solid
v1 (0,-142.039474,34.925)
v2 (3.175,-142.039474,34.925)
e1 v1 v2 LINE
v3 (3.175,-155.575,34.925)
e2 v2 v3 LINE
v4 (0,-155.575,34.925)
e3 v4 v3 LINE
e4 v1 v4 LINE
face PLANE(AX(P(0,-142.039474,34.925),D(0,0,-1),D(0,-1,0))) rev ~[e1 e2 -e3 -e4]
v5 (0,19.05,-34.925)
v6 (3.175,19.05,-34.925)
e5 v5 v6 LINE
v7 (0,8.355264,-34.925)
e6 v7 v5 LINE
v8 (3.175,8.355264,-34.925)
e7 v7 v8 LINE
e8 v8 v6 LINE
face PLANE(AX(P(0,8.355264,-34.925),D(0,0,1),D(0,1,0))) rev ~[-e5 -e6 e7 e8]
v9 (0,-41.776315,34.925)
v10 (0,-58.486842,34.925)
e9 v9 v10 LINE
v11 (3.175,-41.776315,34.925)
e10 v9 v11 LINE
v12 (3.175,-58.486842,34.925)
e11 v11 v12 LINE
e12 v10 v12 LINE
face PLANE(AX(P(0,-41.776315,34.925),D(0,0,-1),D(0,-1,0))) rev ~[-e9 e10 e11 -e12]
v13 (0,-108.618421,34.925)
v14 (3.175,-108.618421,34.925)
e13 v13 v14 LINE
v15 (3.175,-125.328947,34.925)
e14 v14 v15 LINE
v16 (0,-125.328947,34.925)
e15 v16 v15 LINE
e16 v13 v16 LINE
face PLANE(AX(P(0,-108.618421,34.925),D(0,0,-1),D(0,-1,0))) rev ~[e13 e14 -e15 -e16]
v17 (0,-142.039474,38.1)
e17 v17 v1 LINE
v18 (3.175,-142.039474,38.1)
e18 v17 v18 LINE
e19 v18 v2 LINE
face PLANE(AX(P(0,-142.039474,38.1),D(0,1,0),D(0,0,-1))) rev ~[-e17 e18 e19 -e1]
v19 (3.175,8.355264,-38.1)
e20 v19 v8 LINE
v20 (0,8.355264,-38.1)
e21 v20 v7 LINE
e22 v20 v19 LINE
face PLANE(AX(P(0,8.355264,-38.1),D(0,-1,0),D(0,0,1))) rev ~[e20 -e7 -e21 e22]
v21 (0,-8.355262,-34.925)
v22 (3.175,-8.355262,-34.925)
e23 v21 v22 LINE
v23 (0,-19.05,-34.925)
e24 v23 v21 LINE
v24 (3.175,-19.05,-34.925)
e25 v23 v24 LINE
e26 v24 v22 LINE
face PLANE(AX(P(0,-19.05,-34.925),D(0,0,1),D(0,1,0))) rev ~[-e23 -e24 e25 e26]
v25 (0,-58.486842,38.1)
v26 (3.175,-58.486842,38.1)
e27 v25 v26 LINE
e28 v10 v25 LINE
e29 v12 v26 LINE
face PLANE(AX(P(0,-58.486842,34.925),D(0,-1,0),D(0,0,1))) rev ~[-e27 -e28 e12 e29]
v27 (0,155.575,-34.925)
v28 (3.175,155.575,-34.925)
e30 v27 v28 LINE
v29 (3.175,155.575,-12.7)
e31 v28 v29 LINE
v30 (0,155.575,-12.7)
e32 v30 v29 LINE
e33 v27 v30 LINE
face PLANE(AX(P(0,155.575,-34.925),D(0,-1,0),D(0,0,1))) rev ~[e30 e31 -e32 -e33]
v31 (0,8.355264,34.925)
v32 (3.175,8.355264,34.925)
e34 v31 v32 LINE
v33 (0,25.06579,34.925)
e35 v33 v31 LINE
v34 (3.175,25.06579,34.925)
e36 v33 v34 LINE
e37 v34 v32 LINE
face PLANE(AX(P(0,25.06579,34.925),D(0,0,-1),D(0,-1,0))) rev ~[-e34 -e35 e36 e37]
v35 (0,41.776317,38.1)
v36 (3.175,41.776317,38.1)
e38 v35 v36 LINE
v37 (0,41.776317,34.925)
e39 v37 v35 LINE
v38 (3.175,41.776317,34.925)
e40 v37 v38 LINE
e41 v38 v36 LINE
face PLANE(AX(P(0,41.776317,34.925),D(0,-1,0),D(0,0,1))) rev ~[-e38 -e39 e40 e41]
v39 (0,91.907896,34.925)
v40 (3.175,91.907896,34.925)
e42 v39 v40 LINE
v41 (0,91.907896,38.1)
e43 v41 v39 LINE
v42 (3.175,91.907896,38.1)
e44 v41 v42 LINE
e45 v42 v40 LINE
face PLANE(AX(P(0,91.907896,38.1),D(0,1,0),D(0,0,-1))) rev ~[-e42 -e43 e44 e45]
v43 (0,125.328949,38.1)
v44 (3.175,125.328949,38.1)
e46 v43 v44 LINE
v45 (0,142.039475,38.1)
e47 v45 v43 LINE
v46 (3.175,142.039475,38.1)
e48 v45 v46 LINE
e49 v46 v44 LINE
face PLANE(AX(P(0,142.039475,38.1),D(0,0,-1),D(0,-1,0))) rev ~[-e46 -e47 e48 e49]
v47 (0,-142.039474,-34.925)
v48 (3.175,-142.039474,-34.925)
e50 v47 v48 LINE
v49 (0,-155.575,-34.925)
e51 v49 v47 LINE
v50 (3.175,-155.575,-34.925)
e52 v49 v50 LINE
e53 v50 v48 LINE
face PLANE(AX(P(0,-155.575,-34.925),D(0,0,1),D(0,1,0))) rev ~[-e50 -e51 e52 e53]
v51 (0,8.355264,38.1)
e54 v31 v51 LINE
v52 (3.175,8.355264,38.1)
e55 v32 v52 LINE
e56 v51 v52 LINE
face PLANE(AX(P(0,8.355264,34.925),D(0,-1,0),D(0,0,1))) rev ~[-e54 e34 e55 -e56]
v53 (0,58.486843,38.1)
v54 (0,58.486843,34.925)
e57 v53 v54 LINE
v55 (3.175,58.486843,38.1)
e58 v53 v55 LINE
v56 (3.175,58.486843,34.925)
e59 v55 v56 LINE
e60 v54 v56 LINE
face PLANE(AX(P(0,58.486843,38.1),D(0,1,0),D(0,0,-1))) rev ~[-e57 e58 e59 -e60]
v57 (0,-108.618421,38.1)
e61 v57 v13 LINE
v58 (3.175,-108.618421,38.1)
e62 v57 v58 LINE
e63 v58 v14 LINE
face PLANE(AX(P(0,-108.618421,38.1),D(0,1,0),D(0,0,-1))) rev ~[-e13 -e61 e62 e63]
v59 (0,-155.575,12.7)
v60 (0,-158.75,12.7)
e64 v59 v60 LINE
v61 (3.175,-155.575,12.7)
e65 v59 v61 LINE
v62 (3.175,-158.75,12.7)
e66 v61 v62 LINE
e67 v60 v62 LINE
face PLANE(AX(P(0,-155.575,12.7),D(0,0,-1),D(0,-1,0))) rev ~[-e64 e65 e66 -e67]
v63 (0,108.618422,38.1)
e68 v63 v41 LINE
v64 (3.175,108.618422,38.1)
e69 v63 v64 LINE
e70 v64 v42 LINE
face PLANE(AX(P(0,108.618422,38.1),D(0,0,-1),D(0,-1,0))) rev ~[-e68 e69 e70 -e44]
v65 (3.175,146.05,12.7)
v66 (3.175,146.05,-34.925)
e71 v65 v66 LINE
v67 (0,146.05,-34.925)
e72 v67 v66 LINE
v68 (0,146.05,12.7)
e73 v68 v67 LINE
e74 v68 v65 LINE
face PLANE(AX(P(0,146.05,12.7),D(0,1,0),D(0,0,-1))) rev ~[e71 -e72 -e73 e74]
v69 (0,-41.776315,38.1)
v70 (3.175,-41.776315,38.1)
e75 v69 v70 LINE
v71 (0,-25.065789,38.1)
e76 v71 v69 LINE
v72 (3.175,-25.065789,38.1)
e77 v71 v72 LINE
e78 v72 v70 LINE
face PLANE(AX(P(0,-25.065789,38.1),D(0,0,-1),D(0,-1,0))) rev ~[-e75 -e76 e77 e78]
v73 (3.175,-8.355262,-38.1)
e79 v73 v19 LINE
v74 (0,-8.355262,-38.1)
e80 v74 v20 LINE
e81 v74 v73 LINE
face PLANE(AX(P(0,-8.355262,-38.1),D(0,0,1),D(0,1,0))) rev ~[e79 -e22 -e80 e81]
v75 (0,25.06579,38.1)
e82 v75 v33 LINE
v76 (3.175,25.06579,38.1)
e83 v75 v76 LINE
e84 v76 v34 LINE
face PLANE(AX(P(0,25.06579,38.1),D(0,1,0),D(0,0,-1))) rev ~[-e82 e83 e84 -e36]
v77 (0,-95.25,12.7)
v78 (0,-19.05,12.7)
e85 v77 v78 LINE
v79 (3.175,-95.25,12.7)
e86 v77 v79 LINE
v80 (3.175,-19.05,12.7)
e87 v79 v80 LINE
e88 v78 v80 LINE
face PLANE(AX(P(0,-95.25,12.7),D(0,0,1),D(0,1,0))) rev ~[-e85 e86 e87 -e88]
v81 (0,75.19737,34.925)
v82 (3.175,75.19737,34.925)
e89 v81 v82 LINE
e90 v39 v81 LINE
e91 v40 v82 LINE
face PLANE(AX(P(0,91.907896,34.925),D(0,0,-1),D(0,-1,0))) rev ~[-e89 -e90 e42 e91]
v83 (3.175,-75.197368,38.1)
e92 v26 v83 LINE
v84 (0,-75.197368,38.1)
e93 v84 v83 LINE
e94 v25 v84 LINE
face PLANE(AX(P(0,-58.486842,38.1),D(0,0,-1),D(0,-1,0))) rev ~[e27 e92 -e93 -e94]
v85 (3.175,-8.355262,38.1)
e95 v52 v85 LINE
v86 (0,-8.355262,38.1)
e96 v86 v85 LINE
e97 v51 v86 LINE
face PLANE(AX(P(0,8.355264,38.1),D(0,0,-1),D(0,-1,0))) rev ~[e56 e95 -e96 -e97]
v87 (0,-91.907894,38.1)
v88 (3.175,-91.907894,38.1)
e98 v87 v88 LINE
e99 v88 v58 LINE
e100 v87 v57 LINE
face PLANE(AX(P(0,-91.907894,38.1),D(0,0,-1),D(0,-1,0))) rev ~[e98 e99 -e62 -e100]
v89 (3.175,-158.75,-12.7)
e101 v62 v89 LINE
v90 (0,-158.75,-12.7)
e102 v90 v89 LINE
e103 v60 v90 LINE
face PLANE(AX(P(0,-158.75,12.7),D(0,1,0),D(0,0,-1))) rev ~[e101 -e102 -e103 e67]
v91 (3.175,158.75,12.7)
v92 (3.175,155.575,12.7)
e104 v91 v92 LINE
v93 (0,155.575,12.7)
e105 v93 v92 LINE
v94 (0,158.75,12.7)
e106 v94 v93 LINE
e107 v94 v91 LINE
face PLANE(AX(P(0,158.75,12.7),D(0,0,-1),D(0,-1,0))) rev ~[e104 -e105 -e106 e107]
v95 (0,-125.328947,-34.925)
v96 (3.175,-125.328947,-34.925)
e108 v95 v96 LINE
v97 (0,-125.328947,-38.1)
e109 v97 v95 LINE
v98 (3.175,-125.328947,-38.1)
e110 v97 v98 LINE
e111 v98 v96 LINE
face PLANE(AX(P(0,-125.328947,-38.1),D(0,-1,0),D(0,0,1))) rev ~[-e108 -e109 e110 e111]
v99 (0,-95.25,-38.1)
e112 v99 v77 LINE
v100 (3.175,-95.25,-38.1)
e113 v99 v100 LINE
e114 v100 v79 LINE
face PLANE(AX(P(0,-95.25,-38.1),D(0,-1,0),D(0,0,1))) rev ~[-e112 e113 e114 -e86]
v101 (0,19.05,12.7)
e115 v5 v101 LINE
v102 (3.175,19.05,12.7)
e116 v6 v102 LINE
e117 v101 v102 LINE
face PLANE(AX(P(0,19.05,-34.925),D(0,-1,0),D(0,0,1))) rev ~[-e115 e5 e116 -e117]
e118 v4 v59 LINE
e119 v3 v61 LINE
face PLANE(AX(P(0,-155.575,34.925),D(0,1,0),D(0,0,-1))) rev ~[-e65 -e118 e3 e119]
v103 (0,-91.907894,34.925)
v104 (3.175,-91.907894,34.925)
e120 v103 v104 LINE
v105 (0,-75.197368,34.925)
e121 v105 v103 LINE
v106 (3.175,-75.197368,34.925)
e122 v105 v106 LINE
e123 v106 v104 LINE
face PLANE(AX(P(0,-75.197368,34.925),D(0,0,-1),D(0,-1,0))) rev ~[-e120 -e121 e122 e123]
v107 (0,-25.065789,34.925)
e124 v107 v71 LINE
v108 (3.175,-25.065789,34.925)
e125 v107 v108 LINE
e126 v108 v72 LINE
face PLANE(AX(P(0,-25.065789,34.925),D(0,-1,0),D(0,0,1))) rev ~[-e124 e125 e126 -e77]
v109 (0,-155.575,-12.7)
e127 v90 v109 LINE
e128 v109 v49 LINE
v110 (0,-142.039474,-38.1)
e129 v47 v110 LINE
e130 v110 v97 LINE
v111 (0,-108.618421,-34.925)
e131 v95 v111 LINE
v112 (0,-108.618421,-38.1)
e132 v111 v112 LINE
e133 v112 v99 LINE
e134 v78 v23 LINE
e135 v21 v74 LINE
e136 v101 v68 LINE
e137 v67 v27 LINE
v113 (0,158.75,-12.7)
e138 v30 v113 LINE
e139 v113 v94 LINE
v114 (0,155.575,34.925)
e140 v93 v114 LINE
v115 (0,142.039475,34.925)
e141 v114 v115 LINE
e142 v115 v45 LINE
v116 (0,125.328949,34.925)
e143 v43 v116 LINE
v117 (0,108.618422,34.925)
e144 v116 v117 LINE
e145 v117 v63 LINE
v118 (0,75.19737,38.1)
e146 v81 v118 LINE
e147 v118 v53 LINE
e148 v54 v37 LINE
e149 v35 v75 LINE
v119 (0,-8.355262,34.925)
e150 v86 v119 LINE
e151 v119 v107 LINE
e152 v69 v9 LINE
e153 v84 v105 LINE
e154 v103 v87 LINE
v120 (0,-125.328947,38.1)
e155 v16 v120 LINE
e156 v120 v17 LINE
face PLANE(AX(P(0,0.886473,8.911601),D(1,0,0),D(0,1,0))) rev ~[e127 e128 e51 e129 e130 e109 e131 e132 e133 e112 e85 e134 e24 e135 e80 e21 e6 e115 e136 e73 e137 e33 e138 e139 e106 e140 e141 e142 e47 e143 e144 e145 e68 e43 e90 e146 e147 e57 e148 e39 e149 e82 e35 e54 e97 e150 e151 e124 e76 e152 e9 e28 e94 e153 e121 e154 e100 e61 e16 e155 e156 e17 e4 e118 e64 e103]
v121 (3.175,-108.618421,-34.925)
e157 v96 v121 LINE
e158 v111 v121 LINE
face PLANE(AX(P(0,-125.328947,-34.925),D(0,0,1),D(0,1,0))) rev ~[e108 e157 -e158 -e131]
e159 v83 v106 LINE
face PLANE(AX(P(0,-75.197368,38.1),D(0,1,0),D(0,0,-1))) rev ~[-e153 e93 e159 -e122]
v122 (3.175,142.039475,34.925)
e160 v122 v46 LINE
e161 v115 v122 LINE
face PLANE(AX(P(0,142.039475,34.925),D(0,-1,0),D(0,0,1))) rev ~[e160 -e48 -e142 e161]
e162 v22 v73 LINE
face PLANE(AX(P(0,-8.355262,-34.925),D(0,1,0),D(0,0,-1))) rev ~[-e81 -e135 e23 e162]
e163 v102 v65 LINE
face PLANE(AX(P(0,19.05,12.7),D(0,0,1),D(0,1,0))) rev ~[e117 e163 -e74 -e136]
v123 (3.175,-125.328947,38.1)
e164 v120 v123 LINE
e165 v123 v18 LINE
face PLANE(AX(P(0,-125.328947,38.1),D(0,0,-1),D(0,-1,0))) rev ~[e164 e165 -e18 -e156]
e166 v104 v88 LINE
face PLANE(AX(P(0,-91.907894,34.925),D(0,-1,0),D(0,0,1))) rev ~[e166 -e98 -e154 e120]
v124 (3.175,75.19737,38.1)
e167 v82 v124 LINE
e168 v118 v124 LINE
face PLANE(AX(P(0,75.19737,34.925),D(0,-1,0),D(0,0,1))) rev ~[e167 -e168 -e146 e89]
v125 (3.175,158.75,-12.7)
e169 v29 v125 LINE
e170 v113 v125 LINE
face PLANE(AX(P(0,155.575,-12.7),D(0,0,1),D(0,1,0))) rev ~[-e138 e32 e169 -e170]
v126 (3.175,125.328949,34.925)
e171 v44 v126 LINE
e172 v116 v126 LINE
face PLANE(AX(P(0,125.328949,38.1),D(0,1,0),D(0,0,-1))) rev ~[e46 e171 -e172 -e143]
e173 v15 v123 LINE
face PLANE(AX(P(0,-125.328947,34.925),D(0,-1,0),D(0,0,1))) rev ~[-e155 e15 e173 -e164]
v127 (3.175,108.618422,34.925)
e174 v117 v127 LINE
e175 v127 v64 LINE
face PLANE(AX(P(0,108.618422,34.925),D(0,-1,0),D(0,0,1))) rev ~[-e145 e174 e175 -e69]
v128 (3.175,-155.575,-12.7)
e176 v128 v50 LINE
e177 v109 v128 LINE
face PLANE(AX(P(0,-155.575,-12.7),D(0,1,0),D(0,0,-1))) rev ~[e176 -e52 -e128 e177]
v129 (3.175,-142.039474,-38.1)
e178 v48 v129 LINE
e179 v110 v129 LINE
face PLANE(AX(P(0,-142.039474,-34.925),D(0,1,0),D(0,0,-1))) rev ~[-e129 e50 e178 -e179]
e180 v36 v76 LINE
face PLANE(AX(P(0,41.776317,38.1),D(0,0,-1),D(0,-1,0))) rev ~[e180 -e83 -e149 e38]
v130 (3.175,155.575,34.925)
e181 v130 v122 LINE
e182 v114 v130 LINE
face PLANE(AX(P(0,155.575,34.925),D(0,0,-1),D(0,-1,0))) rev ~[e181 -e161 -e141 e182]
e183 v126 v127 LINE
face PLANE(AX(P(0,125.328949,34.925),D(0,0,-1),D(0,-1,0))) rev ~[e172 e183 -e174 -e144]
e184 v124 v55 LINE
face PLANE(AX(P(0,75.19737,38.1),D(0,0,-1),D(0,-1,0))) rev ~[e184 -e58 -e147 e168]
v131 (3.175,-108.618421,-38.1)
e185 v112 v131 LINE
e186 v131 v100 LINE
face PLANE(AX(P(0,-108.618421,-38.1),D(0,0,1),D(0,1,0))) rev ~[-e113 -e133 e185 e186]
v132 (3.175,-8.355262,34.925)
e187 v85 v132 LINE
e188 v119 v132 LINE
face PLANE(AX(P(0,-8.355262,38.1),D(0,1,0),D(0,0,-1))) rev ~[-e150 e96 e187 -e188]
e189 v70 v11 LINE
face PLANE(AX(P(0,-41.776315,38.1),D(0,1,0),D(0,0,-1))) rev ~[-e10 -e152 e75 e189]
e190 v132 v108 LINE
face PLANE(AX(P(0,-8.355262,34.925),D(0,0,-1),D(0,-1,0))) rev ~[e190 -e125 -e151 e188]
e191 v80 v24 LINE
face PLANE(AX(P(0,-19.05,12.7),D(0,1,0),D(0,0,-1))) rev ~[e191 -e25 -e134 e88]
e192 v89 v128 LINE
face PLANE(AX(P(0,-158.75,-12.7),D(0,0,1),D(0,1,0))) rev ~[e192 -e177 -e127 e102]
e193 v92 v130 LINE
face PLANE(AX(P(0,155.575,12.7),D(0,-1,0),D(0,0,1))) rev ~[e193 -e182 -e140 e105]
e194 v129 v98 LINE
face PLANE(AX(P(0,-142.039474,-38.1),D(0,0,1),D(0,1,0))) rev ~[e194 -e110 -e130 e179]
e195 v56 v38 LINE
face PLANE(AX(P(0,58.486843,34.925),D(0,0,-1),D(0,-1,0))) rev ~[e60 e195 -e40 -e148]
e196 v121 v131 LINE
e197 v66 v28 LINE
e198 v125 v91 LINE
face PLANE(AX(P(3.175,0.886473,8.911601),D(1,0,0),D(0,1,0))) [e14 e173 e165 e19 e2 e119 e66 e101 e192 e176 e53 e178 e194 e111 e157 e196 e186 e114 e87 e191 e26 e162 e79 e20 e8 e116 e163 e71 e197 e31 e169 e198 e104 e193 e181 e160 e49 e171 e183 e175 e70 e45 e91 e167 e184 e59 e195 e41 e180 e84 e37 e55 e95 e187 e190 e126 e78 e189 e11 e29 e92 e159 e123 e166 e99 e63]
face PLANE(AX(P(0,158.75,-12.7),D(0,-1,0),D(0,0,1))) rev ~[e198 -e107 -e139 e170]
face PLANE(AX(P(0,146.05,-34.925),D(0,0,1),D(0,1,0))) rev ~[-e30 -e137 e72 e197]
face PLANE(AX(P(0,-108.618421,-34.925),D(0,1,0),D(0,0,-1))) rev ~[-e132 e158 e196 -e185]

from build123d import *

# Parameters (mm, degrees)
F1_DEPTH = 3.175


with BuildPart() as f1:
    # F0 (on Right) → F1 (new body)
    with BuildSketch(Plane.YZ):
        Polygon((-155.575, 34.925), (-155.575, 12.7), (-158.75, 12.7), (-158.75, -12.7), (-155.575, -12.7), (-155.575, -34.925), (-142.039474, -34.925), (-142.039474, -38.1), (-125.328947, -38.1), (-125.328947, -34.925), (-108.618421, -34.925), (-108.618421, -38.1), (-95.25, -38.1), (-95.25, 12.7), (-19.05, 12.7), (-19.05, -34.925), (-8.355262, -34.925), (-8.355262, -38.1), (8.355264, -38.1), (8.355264, -34.925), (19.05, -34.925), (19.05, 12.7), (95.25, 12.7), (146.05, 12.7), (146.05, -34.925), (155.575, -34.925), (155.575, -12.7), (158.75, -12.7), (158.75, 12.7), (155.575, 12.7), (155.575, 34.925), (142.039475, 34.925), (142.039475, 38.1), (125.328949, 38.1), (125.328949, 34.925), (108.618422, 34.925), (108.618422, 38.1), (91.907896, 38.1), (91.907896, 34.925), (75.19737, 34.925), (75.19737, 38.1), (58.486843, 38.1), (58.486843, 34.925), (41.776317, 34.925), (41.776317, 38.1), (25.06579, 38.1), (25.06579, 34.925), (8.355264, 34.925), (8.355264, 38.1), (-8.355262, 38.1), (-8.355262, 34.925), (-25.065789, 34.925), (-25.065789, 38.1), (-41.776315, 38.1), (-41.776315, 34.925), (-58.486842, 34.925), (-58.486842, 38.1), (-75.197368, 38.1), (-75.197368, 34.925), (-91.907894, 34.925), (-91.907894, 38.1), (-108.618421, 38.1), (-108.618421, 34.925), (-125.328947, 34.925), (-125.328947, 38.1), (-142.039474, 38.1), (-142.039474, 34.925), align=None)
    extrude(amount=F1_DEPTH)


solid = f1.part
